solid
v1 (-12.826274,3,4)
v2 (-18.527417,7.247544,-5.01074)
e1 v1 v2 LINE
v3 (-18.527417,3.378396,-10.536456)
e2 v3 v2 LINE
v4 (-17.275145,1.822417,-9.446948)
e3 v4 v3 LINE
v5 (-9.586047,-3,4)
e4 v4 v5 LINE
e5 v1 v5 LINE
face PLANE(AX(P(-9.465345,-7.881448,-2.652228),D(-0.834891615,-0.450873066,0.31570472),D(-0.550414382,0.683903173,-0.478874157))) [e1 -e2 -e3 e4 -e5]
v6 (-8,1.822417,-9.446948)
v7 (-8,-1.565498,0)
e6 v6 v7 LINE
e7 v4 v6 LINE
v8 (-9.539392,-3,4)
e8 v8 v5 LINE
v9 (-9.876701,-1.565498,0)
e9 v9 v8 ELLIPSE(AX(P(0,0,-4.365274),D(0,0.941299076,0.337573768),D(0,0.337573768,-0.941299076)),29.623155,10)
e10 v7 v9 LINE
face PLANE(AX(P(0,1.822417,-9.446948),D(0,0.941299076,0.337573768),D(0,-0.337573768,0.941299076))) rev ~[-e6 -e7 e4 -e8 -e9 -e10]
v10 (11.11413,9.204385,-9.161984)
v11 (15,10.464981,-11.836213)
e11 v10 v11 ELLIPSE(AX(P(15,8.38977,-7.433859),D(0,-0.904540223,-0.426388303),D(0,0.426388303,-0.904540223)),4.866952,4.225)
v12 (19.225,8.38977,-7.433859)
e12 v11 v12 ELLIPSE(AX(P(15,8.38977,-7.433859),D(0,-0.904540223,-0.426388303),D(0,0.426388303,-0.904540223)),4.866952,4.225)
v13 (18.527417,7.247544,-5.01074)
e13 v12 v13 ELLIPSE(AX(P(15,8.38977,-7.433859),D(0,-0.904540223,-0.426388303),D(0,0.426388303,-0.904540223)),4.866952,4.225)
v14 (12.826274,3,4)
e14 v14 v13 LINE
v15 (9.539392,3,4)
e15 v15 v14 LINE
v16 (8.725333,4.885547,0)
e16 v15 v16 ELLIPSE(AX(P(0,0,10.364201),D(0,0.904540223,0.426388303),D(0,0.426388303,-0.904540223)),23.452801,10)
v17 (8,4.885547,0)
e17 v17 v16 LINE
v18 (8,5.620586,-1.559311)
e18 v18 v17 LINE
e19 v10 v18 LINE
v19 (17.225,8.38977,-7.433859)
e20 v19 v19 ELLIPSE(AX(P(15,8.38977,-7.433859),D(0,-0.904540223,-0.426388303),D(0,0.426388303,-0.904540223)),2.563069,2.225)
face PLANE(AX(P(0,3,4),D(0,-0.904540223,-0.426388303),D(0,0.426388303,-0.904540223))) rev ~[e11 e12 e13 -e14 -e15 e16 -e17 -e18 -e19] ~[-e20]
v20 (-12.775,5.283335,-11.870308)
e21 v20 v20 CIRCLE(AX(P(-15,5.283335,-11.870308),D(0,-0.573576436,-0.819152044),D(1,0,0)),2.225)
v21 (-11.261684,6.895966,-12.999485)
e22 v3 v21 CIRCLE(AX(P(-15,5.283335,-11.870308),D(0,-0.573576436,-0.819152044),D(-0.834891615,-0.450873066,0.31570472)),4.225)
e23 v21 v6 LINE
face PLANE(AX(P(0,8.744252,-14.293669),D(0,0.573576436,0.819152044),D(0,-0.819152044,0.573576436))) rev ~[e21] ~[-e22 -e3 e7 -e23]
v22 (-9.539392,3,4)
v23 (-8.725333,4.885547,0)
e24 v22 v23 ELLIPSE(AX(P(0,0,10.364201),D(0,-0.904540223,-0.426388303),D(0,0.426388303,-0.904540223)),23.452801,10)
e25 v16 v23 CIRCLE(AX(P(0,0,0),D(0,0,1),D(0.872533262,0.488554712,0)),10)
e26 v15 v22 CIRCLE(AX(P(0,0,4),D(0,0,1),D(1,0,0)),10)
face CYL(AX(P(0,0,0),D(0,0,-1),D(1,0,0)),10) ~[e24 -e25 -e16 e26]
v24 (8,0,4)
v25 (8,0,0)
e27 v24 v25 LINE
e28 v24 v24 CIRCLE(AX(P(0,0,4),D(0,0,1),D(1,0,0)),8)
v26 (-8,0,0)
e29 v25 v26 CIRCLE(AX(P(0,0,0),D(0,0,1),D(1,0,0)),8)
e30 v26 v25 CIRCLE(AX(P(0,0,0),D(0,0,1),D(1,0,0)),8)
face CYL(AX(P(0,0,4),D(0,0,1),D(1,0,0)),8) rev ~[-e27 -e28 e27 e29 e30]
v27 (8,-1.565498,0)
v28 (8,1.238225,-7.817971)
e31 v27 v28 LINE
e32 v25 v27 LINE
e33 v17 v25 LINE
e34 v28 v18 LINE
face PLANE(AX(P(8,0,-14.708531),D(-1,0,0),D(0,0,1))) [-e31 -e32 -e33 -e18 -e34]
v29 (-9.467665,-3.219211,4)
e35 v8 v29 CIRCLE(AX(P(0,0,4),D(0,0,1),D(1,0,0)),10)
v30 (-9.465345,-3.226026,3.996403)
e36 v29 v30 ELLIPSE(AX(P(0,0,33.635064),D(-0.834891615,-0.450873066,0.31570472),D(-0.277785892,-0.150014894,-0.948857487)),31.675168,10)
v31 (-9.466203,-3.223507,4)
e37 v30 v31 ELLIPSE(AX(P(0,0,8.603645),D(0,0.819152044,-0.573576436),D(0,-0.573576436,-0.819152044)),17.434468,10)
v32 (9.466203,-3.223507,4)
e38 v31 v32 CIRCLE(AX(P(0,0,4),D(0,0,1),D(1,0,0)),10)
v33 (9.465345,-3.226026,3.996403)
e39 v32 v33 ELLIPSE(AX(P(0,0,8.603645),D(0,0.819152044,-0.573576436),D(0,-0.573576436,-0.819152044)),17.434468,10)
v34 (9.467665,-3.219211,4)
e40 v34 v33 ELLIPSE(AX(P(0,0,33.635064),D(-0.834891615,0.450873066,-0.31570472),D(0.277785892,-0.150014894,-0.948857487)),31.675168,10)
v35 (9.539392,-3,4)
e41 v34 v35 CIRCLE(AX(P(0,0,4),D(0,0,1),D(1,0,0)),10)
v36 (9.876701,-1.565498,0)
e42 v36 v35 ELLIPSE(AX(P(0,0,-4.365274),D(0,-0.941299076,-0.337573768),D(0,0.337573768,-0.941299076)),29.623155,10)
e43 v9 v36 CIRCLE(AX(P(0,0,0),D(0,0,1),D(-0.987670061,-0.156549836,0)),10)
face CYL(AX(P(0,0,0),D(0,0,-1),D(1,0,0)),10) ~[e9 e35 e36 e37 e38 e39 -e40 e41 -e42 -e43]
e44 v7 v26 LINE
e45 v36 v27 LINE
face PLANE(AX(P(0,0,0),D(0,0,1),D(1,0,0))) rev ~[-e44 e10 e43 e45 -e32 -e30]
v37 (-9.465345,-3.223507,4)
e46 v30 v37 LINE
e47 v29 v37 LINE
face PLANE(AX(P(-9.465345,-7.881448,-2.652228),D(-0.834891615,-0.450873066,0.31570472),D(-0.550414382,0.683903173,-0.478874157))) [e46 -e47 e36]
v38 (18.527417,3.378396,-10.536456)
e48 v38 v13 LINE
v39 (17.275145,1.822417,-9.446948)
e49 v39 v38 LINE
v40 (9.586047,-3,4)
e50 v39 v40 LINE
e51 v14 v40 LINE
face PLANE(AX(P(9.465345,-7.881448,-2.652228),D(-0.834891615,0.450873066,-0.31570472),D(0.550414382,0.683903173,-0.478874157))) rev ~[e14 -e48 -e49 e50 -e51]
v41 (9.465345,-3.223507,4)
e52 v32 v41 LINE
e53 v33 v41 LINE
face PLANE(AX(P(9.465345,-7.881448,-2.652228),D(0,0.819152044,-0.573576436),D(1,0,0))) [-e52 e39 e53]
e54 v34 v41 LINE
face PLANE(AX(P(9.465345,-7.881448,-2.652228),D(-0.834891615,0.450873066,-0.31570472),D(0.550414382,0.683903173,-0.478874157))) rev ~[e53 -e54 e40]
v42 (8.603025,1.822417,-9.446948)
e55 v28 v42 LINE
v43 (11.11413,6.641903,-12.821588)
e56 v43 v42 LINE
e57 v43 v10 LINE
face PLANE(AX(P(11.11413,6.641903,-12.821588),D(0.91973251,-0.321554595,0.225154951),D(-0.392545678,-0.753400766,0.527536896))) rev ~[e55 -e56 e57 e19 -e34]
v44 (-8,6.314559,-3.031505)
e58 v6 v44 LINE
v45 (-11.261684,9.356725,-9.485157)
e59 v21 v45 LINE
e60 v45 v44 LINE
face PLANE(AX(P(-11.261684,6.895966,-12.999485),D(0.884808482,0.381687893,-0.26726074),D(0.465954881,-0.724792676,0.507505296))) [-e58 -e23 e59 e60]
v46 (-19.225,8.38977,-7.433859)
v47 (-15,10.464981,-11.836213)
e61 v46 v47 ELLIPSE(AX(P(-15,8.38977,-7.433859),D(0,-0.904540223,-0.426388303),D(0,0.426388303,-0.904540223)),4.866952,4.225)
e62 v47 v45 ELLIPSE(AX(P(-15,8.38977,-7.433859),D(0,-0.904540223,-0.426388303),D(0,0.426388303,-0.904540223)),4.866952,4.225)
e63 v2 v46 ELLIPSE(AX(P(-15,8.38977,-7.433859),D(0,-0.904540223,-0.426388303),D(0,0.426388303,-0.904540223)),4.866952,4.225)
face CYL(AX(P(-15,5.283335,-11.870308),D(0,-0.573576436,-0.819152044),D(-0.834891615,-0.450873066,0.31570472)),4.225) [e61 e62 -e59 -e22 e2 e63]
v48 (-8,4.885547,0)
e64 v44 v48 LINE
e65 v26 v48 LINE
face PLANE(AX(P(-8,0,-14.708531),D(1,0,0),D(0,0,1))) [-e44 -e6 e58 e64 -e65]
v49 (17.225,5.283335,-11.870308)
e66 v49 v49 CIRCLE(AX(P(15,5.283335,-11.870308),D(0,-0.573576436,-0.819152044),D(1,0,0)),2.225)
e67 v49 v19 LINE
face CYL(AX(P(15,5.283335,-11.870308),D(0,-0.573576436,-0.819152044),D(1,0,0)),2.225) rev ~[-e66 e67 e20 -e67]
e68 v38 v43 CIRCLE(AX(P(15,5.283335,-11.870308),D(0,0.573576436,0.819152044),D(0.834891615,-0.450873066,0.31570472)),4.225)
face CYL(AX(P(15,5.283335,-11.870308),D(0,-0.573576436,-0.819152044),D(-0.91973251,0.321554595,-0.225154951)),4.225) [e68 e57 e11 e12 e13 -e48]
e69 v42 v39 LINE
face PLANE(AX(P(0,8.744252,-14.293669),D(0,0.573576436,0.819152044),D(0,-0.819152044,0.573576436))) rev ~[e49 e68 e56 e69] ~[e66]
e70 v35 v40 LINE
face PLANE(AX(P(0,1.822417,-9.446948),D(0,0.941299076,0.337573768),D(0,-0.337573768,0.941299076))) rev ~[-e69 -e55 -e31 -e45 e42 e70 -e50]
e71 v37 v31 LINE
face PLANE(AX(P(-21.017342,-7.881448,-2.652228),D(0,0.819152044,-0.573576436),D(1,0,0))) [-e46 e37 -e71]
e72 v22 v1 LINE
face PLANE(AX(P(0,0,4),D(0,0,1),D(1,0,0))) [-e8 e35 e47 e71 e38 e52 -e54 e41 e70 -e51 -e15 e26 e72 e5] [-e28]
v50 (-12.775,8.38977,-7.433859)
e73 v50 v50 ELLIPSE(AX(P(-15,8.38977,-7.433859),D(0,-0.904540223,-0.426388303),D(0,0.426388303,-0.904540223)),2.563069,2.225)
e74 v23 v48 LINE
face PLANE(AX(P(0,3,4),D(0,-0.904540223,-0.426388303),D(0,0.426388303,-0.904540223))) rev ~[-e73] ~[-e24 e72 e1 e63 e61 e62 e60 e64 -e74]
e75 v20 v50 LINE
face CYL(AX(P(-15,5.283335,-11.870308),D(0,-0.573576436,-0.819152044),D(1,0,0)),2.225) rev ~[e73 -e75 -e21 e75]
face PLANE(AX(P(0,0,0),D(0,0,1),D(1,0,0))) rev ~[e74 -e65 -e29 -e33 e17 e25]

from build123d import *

# Parameters (mm, degrees)
SKETCH_R             = 10
PAD_DEPTH            = 4
PAD001_DEPTH         = 19.225
PAD001_DEPTH_BACK    = 19.225
SKETCH002_W          = 16
SKETCH002_H          = 14.708531
POCKET_DEPTH         = 100
POCKET_DEPTH_BACK    = 100
SKETCH005_R          = 2.225
POCKET002_DEPTH      = 100
POCKET002_DEPTH_BACK = 100
SKETCH006_R          = 8
POCKET003_DEPTH      = 18.2946687632


with BuildPart() as part:
    # Sketch → Pad (new body)
    with BuildSketch(Plane.XY):
        Circle(SKETCH_R)
    extrude(amount=PAD_DEPTH)

    # Sketch001 → Pad001 (join, two sides)
    with BuildSketch(Plane.YZ) as pad001_sk:
        Polygon((-3, 4), (3, 4), (10.4649812857, -11.8362126303), (8.7442519767, -14.2936687632), (1.8224172024, -9.446947876), align=None)
    extrude(amount=PAD001_DEPTH)
    extrude(pad001_sk.sketch, amount=-PAD001_DEPTH_BACK)

    # Sketch002 → Pocket (cut, two sides)
    with BuildSketch(Plane.XZ) as pocket_sk:
        with Locations((0, -7.3542655)):
            Rectangle(SKETCH002_W, SKETCH002_H)
    extrude(amount=-POCKET_DEPTH, mode=Mode.SUBTRACT)
    extrude(pocket_sk.sketch, amount=POCKET_DEPTH_BACK, mode=Mode.SUBTRACT)

    # Sketch005 (on Face5 of Pocket) → Pocket002 (cut, two sides)
    with BuildSketch(Plane(origin=(0, -3.8390566992, -5.4827411727), x_dir=(1, 0, 0), z_dir=(0, -0.5735764364, -0.8191520443))) as pocket002_sk:
        with Locations((-15, -11.136383474)):
            Circle(SKETCH005_R)
        with Locations((15, -11.136383474)):
            Circle(SKETCH005_R)
        with BuildLine():
            ThreePointArc((-18.5274170715, -8.8108827099), (-17.1496679718, -14.7736286694), (-11.2616841653, -13.1050428452))
            Line((-11.2616841653, -13.1050428452), (-8, -6.911383474))
            Line((-8, -6.911383474), (-8, -15.402658))
            Line((-8, -15.402658), (8, -15.402658))
            Line((8, -15.402658), (8, -5.4984980053))
            Line((11.1141301433, -12.7948889631), (8, -5.4984980053))
            ThreePointArc((11.1141301433, -12.7948889631), (17.0000496384, -14.8579995805), (18.5274170715, -8.8108827099))
            Line((9.4653449469, 4.9348482776), (18.5274170715, -8.8108827099))
            Line((9.4653449469, 4.9348482776), (21.017342039, 4.9348482776))
            Line((21.017342039, -22.489232832), (21.017342039, 4.9348482776))
            Line((-21.017342039, -22.489232832), (21.017342039, -22.489232832))
            Line((-21.017342039, 4.9348482776), (-21.017342039, -22.489232832))
            Line((-21.017342039, 4.9348482776), (-9.4653449469, 4.9348482776))
            Line((-9.4653449469, 4.9348482776), (-18.5274170715, -8.8108827099))
        make_face()
    extrude(amount=-POCKET002_DEPTH, mode=Mode.SUBTRACT)
    extrude(pocket002_sk.sketch, amount=POCKET002_DEPTH_BACK, mode=Mode.SUBTRACT)

    # Sketch006 (on Face23 of Pocket002) → Pocket003 (cut, through all)
    with BuildSketch(Plane.XY.offset(4)):
        Circle(SKETCH006_R)
    extrude(amount=-POCKET003_DEPTH, mode=Mode.SUBTRACT)


solid = part.part
